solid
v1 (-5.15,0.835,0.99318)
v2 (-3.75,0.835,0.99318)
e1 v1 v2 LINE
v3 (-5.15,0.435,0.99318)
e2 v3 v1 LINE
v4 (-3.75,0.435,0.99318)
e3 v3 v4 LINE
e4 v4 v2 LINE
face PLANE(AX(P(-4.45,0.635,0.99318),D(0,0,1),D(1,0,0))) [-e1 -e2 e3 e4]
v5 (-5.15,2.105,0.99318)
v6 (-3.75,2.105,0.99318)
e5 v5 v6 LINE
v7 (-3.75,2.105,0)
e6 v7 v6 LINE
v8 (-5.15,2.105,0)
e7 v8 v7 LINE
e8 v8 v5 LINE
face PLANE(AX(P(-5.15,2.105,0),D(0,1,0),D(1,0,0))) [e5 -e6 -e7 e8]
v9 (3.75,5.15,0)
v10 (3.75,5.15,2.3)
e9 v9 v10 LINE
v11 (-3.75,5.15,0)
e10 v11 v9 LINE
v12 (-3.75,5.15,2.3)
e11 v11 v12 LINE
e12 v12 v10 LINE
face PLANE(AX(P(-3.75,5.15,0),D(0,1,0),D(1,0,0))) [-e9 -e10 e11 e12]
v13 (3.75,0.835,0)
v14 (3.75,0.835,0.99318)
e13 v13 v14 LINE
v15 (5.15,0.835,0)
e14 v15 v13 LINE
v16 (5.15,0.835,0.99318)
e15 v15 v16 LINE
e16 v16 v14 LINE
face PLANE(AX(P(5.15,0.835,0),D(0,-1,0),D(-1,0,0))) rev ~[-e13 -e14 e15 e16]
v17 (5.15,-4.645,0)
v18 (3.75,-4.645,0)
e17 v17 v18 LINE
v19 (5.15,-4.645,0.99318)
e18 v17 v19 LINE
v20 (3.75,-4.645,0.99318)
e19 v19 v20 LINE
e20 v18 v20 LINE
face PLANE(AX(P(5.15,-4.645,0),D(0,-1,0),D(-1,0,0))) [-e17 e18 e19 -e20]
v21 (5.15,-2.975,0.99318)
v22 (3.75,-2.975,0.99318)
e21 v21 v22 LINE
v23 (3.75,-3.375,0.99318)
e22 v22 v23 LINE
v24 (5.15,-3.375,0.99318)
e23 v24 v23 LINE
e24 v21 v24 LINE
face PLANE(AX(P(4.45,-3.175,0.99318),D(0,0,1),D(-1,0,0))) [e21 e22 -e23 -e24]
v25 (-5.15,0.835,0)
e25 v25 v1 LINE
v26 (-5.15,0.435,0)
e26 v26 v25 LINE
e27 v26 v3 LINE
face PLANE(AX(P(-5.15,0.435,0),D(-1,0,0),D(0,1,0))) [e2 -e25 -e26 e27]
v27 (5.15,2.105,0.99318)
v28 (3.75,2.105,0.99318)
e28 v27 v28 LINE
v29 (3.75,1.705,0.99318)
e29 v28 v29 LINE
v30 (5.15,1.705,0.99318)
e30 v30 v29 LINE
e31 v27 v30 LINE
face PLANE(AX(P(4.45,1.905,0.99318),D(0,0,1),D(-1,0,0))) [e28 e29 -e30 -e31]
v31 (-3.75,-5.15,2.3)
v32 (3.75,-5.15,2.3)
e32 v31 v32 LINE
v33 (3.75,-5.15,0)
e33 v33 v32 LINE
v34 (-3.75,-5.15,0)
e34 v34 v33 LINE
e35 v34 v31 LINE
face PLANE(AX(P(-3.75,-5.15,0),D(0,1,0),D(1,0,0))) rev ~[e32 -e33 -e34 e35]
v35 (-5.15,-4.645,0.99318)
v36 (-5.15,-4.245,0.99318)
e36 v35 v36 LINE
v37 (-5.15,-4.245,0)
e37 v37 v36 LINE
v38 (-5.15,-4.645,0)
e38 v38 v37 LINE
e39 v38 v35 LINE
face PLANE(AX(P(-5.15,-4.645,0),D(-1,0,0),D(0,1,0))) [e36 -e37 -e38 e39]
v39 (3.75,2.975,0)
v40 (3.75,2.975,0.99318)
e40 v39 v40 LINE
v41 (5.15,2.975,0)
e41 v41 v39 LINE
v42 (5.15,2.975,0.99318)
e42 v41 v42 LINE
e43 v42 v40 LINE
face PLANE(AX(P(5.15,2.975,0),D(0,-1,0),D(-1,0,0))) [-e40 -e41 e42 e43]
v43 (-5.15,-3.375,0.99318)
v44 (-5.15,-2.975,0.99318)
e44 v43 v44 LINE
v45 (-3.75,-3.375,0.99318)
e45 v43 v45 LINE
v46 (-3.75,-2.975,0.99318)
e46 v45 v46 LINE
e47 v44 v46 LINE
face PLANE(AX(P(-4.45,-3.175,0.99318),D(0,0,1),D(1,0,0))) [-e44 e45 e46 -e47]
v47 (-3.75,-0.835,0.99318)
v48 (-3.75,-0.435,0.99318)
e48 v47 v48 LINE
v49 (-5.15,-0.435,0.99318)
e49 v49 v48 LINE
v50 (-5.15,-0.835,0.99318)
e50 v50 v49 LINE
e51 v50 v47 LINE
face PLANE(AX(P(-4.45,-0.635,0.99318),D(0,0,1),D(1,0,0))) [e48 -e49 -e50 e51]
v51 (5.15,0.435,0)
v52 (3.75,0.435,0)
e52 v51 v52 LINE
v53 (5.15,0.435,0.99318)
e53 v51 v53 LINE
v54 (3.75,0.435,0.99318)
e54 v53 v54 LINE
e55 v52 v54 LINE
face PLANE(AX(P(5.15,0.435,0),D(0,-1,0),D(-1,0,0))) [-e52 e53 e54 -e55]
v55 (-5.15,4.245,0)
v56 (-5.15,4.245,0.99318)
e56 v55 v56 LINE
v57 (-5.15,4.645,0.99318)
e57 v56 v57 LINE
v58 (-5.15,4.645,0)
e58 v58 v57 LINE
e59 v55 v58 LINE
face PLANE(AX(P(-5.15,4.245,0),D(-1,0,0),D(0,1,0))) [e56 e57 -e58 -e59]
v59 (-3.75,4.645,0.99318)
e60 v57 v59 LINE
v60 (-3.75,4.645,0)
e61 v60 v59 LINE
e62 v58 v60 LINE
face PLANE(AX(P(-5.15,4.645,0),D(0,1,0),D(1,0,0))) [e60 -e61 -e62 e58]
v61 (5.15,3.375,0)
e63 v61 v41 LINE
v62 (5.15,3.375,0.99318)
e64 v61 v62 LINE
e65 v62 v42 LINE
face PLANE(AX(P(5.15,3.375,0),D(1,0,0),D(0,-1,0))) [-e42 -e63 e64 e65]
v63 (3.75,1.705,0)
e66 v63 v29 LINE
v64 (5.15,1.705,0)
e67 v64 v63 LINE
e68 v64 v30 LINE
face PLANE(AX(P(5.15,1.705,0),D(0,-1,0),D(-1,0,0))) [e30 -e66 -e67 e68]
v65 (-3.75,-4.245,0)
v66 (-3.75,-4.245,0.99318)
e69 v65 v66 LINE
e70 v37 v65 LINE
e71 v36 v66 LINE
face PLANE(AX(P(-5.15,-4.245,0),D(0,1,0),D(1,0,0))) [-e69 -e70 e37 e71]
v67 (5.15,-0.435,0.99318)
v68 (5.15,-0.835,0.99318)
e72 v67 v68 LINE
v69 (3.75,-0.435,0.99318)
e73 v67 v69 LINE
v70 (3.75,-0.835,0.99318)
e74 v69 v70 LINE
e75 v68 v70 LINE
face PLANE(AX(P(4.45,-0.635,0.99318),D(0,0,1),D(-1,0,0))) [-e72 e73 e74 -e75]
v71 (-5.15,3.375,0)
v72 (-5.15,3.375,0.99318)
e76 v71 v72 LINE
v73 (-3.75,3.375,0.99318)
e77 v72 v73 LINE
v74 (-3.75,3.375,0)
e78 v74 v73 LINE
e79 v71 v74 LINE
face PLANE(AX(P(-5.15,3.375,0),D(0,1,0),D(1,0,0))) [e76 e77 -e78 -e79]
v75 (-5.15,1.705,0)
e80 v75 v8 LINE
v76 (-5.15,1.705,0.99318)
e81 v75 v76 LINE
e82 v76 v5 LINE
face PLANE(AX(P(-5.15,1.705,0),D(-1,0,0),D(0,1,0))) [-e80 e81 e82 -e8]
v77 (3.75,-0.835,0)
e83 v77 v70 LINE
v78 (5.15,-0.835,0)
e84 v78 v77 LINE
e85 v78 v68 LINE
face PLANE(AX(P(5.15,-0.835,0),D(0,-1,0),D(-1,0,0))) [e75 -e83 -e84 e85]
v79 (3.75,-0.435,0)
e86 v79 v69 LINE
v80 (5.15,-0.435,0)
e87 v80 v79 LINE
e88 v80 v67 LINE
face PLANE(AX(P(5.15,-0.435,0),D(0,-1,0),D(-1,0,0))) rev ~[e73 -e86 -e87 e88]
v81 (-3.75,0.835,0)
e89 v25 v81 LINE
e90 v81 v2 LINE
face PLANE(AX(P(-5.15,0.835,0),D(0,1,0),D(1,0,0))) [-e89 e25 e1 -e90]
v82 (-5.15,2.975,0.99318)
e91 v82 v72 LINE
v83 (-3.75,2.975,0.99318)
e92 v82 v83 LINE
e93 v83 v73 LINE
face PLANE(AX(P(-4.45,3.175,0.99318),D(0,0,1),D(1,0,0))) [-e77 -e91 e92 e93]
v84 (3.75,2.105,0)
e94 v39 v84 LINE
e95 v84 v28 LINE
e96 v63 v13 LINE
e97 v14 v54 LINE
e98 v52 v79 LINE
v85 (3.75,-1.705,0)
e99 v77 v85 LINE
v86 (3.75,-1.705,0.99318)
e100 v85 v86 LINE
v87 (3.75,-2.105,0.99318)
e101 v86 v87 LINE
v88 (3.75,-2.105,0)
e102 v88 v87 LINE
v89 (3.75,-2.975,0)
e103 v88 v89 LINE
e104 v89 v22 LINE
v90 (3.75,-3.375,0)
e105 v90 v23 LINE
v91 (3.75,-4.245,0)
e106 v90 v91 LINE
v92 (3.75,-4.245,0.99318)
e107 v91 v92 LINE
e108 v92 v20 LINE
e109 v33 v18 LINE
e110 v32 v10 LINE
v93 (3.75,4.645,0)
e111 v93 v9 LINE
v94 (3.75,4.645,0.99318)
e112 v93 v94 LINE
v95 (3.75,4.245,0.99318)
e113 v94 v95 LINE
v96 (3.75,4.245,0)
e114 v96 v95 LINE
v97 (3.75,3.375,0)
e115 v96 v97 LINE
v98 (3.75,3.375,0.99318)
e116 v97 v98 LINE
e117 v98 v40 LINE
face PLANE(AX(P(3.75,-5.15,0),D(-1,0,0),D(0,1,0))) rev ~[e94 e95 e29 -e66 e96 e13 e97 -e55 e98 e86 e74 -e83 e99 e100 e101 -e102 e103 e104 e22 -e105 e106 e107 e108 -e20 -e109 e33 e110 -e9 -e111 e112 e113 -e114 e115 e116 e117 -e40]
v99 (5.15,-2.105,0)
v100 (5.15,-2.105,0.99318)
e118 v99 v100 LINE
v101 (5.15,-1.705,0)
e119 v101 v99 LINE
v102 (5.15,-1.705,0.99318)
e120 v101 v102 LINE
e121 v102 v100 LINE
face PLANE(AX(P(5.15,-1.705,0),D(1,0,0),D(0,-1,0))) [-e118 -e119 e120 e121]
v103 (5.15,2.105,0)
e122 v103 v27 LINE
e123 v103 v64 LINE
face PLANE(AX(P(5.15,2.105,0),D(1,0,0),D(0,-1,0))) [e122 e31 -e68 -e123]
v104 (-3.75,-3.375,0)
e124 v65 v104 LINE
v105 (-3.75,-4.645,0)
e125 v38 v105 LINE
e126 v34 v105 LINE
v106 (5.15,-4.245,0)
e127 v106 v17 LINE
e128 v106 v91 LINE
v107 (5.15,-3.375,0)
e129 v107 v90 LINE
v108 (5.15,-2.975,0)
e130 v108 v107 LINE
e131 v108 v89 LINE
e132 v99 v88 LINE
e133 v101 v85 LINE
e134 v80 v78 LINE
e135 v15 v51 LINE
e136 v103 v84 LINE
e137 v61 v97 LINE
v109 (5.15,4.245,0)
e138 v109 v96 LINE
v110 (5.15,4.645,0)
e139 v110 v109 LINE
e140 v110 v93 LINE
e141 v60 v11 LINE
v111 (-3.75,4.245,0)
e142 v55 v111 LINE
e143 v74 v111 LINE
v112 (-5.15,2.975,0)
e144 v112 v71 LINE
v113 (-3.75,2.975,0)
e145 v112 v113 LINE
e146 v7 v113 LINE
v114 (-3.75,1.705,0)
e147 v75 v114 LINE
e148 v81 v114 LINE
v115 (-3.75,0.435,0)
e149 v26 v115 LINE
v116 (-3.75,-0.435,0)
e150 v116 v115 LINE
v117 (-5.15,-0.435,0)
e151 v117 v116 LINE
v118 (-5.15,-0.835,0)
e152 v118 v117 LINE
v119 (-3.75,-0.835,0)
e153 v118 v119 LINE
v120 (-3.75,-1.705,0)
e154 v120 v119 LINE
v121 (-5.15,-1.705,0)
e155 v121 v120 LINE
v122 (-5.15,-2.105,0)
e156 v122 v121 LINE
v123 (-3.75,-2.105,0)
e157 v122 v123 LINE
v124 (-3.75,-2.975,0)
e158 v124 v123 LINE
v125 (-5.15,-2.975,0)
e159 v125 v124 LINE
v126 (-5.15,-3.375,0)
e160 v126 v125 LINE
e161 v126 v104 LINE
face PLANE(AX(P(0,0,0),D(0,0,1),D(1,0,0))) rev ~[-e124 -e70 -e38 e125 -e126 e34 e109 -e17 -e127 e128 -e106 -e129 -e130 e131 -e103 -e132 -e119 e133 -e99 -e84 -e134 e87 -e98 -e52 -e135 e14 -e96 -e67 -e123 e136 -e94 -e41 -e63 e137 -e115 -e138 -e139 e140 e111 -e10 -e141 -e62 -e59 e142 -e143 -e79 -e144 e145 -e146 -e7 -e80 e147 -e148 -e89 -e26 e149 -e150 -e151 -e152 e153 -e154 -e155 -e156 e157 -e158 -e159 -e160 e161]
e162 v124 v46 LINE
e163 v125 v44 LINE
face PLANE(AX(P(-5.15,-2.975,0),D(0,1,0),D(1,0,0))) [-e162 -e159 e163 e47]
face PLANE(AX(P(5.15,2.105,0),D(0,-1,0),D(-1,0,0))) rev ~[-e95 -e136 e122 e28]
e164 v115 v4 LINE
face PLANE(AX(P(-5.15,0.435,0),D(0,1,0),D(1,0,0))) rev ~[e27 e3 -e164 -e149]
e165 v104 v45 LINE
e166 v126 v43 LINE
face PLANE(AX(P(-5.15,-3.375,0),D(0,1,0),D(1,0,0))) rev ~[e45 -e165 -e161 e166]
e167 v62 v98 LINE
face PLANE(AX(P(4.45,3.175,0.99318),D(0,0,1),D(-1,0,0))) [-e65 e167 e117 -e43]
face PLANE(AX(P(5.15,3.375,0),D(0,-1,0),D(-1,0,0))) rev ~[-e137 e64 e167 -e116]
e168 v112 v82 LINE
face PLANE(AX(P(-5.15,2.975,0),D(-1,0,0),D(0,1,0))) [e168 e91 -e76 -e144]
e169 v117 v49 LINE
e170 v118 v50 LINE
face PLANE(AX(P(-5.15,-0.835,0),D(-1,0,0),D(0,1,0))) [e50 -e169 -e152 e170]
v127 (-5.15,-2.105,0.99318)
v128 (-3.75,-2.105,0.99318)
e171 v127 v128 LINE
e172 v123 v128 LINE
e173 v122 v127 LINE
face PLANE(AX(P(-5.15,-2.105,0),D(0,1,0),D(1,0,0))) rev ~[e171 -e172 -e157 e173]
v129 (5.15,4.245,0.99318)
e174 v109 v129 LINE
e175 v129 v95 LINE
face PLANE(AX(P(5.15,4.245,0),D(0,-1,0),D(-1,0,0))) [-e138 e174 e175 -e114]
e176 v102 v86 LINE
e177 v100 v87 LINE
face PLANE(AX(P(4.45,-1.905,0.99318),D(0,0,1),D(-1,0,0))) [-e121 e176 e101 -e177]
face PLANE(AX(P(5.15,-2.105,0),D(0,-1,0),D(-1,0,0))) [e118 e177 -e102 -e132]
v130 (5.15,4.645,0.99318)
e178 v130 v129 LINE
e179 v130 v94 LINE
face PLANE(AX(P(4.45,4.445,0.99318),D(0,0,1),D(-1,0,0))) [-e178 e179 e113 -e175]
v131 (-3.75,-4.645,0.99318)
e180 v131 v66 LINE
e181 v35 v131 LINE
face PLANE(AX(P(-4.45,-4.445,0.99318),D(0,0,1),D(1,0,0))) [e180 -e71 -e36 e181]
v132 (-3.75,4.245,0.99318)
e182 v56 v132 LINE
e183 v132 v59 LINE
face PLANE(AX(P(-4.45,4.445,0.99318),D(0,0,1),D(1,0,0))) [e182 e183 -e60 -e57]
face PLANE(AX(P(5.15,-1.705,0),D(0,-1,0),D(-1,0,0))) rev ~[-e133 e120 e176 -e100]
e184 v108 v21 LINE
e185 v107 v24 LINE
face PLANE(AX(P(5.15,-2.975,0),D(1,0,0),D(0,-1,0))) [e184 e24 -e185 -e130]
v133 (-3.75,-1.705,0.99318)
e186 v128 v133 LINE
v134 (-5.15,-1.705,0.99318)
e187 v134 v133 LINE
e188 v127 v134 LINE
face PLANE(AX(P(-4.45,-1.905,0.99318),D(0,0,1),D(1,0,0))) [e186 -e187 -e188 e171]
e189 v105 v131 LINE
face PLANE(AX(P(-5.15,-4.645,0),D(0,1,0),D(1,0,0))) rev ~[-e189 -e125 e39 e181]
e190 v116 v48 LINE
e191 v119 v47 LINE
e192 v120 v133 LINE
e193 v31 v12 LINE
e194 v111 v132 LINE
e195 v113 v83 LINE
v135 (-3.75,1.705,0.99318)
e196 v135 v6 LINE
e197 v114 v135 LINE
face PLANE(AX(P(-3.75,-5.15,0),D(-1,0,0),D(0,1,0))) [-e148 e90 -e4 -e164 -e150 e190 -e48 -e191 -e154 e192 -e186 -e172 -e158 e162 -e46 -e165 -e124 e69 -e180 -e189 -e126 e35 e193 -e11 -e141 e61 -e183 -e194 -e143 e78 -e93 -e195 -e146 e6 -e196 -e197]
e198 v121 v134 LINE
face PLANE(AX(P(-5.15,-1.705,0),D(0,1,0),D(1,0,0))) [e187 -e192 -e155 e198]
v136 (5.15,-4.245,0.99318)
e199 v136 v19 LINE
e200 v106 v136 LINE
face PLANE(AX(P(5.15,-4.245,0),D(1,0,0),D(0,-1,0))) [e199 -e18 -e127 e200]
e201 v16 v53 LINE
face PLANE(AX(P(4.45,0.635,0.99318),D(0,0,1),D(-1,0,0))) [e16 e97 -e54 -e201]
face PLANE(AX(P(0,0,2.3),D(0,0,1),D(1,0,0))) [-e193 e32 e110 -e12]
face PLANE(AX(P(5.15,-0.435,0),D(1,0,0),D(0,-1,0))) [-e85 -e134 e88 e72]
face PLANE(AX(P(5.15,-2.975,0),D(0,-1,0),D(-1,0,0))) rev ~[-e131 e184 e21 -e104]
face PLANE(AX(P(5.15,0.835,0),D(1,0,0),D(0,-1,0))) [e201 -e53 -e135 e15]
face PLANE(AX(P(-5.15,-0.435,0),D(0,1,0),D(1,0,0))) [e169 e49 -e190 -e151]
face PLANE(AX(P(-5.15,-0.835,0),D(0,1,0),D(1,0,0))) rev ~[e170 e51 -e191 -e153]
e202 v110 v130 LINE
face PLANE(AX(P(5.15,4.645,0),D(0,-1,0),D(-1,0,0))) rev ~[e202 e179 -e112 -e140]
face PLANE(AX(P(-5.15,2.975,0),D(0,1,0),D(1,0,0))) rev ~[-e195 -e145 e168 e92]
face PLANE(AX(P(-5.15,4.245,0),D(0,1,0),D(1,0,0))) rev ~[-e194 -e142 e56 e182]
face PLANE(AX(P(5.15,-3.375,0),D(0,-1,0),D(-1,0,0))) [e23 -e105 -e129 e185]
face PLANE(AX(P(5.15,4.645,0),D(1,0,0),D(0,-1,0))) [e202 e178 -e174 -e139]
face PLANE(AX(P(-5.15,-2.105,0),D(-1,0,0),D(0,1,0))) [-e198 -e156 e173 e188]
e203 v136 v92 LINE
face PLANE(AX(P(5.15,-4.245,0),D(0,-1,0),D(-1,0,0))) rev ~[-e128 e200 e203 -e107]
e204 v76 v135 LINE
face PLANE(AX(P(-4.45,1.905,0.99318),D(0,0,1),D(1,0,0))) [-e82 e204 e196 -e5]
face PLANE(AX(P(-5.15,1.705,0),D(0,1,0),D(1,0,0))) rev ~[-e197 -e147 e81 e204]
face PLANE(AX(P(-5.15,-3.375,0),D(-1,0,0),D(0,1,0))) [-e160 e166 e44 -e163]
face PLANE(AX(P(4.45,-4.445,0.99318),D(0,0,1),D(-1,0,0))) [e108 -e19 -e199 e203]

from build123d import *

# Parameters (mm, degrees)
F0_W     = 7.5
F0_H     = 10.3
F1_DEPTH = 2.3
F2_W     = 1.4
F2_H     = 0.4
F3_DEPTH = 0.99318
F5_COUNT = 2
F5_ANGLE = 180


with BuildPart() as f1:
    # F0 (on Top) → F1 (new body)
    with BuildSketch(Plane.XY):
        Rectangle(F0_W, F0_H)
    extrude(amount=F1_DEPTH)

    # F2 (on Top) → F3 (join)
    with BuildSketch(Plane.XY):
        with Locations((-4.45, 4.445)):
            Rectangle(F2_W, F2_H)
        with Locations((-4.45, 3.175)):
            Rectangle(F2_W, F2_H)
        with Locations((-4.45, 1.905)):
            Rectangle(F2_W, F2_H)
        with Locations((-4.45, -1.905)):
            Rectangle(F2_W, F2_H)
        with Locations((-4.45, 0.635)):
            Rectangle(F2_W, F2_H)
        with Locations((-4.45, -0.635)):
            Rectangle(F2_W, F2_H)
        with Locations((-4.45, -3.175)):
            Rectangle(F2_W, F2_H)
        with Locations((-4.45, -4.445)):
            Rectangle(F2_W, F2_H)
    extrude(amount=F3_DEPTH)

    # F5: F1 ×2 about axis
    f5_axis = Axis((0, 0, 4.798143), (0, 0, 1))


with BuildPart() as f1_1:
    add(f1.part)
    for i in range(1, F5_COUNT):
        add(f1.part.rotate(f5_axis, i * F5_ANGLE / (F5_COUNT - 1)))


solid = f1_1.part
